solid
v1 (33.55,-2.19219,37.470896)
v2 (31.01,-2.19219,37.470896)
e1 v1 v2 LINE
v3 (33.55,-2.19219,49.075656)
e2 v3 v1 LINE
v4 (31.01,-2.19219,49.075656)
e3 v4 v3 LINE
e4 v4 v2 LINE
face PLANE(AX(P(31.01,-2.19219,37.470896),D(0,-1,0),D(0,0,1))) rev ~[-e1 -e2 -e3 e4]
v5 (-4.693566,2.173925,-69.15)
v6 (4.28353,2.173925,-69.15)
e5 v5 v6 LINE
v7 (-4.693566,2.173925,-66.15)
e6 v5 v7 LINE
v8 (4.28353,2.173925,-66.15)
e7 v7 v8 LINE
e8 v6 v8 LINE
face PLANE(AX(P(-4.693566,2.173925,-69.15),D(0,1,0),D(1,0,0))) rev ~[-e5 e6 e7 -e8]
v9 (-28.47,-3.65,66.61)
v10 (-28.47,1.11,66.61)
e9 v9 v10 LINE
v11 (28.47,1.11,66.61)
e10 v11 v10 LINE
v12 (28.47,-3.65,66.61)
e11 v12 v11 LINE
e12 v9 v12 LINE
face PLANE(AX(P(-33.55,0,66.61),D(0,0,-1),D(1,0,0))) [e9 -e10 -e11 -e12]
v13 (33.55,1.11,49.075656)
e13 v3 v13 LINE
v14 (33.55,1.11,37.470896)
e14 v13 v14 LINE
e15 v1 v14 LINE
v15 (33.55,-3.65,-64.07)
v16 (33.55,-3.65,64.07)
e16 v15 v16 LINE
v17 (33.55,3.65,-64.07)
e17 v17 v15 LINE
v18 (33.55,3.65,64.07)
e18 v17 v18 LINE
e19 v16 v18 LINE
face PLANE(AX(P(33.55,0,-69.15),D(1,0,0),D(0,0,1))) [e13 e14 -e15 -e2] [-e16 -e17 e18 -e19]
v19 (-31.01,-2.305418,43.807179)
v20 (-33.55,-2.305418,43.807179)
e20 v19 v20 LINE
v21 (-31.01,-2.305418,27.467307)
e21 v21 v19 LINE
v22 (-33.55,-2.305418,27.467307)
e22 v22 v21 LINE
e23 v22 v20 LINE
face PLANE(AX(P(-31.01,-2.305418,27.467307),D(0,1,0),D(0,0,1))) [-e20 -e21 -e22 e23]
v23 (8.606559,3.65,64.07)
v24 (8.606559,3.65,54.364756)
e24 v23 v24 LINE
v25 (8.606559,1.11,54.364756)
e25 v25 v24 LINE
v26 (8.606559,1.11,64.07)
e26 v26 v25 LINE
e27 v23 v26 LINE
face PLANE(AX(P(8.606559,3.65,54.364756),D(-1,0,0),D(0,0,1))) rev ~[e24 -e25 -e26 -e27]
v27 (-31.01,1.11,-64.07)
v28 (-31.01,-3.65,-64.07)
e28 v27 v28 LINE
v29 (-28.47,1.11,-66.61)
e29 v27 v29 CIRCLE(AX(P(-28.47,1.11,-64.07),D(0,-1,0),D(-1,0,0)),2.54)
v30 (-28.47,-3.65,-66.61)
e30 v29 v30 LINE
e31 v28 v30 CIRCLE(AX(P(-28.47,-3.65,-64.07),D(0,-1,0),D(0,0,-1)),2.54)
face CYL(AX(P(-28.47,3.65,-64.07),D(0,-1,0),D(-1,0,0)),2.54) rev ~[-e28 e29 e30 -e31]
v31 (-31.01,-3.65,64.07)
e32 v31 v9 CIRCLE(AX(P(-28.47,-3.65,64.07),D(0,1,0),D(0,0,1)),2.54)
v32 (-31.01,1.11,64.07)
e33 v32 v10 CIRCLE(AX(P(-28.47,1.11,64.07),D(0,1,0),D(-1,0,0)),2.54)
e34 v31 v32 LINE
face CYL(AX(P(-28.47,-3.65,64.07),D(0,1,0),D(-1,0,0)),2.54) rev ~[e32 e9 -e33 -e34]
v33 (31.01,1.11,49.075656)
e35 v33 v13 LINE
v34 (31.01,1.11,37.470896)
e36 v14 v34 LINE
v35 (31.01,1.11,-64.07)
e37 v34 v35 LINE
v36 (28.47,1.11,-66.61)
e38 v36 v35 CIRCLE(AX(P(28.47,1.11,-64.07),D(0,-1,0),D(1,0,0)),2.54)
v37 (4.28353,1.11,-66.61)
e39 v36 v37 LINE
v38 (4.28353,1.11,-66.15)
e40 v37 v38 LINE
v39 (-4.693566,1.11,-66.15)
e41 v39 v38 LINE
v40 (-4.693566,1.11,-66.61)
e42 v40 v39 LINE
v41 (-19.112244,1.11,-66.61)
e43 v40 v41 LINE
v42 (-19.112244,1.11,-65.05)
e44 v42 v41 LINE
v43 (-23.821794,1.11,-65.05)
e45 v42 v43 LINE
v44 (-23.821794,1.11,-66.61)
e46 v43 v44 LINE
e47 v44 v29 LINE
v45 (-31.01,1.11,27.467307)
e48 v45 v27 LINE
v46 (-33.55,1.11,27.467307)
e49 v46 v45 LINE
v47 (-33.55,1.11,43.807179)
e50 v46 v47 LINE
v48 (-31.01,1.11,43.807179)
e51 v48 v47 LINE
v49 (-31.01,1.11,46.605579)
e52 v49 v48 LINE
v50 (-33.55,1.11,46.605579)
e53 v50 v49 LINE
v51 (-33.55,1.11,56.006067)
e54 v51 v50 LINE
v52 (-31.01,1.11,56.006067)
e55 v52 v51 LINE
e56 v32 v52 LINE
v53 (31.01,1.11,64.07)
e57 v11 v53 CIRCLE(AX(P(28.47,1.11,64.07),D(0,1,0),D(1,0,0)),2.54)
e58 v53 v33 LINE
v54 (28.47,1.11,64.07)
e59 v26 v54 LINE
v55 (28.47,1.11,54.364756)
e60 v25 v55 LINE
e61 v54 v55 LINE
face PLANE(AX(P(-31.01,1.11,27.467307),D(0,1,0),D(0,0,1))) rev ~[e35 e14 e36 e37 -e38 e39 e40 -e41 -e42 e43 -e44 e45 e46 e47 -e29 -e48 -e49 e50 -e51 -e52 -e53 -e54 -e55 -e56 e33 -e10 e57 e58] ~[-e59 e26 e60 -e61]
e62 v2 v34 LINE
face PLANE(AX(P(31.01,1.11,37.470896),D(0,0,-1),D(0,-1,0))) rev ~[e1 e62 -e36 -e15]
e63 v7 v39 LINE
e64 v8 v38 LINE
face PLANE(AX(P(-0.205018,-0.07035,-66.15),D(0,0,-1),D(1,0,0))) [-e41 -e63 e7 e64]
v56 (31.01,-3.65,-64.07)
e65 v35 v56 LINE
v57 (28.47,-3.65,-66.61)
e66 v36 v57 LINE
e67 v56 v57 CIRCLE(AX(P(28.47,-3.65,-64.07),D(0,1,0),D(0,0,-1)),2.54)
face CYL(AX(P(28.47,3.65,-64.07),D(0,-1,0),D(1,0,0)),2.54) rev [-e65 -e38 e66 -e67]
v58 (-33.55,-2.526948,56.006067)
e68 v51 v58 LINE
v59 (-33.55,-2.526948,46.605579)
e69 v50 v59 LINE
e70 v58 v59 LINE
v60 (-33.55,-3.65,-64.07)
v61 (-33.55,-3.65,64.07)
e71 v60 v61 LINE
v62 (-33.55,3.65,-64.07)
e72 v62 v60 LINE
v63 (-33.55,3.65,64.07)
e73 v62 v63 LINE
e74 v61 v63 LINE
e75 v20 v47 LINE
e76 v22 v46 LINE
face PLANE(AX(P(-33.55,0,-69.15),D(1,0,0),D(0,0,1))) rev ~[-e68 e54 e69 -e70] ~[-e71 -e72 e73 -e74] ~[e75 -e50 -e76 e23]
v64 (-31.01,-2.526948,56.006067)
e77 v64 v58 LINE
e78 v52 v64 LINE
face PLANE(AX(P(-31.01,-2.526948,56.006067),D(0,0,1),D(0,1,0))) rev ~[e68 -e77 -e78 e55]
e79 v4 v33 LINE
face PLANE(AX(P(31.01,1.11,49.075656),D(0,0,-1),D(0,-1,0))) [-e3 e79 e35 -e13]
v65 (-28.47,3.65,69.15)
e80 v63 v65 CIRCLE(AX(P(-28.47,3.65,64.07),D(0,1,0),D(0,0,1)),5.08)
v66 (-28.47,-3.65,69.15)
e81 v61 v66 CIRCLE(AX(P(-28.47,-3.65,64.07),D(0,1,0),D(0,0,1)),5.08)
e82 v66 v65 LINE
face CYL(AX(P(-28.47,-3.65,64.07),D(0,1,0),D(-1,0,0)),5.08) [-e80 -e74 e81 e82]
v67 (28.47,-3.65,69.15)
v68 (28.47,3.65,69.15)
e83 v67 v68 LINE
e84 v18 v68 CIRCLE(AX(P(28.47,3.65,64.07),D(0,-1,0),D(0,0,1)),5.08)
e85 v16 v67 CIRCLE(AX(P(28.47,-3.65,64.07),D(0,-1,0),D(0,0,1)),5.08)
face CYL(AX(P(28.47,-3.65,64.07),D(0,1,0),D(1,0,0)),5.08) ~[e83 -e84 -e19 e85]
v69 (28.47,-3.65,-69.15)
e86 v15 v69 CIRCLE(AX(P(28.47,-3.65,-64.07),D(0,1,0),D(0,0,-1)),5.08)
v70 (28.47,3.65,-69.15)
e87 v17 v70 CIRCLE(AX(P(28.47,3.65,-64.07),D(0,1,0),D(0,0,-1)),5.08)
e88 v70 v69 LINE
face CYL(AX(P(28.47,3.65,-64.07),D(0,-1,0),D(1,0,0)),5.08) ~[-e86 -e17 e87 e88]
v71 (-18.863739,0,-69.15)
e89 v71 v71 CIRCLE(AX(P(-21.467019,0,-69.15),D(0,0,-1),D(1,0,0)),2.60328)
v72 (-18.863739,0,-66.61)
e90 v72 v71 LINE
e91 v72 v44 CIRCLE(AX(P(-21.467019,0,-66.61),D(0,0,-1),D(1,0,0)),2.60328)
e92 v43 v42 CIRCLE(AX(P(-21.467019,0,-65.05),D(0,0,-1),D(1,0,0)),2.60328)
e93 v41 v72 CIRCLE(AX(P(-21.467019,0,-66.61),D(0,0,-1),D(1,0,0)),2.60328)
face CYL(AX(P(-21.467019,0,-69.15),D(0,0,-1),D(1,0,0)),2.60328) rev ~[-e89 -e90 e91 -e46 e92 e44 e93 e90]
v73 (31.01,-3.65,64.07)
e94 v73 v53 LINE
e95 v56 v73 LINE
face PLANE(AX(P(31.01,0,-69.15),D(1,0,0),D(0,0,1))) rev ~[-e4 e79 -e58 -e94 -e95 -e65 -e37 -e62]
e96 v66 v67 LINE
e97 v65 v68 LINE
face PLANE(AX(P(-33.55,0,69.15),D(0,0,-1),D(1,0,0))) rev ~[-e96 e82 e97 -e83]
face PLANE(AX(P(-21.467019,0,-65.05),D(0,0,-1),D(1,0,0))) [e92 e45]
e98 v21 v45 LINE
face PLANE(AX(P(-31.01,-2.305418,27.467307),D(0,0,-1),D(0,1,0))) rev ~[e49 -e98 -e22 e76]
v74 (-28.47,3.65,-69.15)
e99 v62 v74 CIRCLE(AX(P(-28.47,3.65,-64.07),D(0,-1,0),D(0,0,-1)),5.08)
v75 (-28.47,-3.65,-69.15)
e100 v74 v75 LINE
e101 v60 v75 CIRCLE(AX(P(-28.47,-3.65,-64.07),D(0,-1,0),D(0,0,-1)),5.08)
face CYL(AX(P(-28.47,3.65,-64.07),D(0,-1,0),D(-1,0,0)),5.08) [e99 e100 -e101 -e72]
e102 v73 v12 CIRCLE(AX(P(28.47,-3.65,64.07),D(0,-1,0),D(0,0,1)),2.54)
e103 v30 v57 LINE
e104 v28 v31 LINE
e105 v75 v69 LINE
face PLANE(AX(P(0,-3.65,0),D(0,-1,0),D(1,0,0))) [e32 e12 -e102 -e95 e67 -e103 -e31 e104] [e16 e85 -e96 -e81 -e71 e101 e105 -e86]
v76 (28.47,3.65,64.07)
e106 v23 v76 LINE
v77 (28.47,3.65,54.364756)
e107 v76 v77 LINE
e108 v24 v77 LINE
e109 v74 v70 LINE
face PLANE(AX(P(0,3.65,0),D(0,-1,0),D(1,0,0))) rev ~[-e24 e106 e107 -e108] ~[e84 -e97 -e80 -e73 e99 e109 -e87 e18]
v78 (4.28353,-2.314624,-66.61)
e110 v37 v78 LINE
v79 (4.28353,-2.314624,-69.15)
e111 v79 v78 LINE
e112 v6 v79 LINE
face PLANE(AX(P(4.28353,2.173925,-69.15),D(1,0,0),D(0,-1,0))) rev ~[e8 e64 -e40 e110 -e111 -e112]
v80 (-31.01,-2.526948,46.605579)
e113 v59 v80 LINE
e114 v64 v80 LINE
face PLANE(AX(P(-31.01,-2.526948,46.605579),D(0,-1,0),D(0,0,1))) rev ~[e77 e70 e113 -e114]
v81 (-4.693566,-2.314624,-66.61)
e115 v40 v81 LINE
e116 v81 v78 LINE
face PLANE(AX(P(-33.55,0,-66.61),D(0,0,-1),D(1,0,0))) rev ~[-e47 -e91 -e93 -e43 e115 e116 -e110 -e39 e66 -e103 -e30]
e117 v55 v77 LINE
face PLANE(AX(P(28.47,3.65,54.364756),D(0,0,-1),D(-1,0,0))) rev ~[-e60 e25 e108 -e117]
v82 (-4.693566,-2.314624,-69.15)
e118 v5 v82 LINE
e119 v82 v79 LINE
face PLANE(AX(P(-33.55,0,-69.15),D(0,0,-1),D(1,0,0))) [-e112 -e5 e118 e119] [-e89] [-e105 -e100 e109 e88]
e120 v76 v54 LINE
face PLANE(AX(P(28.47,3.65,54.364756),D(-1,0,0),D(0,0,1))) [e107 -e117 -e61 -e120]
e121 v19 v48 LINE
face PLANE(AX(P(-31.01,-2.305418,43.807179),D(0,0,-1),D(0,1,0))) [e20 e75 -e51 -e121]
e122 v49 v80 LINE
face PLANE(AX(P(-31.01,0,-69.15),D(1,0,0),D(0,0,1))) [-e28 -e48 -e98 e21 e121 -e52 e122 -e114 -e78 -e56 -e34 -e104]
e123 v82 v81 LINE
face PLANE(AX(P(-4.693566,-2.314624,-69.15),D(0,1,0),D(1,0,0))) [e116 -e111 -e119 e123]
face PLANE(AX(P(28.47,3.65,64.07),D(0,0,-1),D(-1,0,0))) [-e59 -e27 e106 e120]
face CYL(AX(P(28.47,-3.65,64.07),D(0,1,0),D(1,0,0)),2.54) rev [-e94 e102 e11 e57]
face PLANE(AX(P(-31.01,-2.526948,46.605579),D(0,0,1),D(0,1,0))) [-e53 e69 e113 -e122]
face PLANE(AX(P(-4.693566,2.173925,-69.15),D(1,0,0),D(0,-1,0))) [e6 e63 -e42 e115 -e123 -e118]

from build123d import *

# Parameters (mm, degrees)
F0_W      = 67.1
F0_H      = 138.3
F1_DEPTH  = 3.65
F2_R      = 5.08
F3_T      = -2.54
F4_W      = 19.863441
F4_H      = 9.705244
F5_DEPTH  = 12.5
F6_W      = 8.977096
F6_H      = 4.488549
F7_DEPTH  = 3
F8_W      = 3.636948
F8_H      = 9.400487
F8_W_2    = 3.415418
F8_H_2    = 16.339872
F9_DEPTH  = 8.3
F10_W     = 3.30219
F10_H     = 11.60476
F11_DEPTH = 4.7
F13_R     = 2.60328
F14_DEPTH = 4.1


with BuildPart() as f1:
    # F0 (on Front) → F1 (new body, symmetric)
    with BuildSketch(Plane.XZ):
        Rectangle(F0_W, F0_H)
    extrude(amount=F1_DEPTH, both=True)

    # F2
    f2_edges = [f1.edges().sort_by_distance(p)[0] for p in [
        (-33.55, 0, 69.15),
        (33.55, 0, 69.15),
        (33.55, 0, -69.15),
        (-33.55, 0, -69.15),
    ]]
    fillet(f2_edges, radius=F2_R)

    # F3
    f3_openings = [f1.faces().sort_by_distance(p)[0] for p in [
        (0, -3.65, 0),
    ]]
    offset(amount=F3_T, openings=f3_openings)

    # F4 (on face) → F5 (cut, symmetric)
    with BuildSketch(Plane(origin=(0, 3.65, 0), x_dir=(-1, 0, 0), z_dir=(0, 1, 0))):
        with Locations((-18.538279, 59.217378)):
            Rectangle(F4_W, F4_H)
    extrude(amount=F5_DEPTH, both=True, mode=Mode.SUBTRACT)

    # F6 (on face) → F7 (cut)
    with BuildSketch(Plane(origin=(0, 0, -69.15), x_dir=(1, 0, 0), z_dir=(0, 0, -1))):
        with Locations((-0.205018, 0.07035)):
            Rectangle(F6_W, F6_H)
    extrude(amount=-F7_DEPTH, mode=Mode.SUBTRACT)

    # F8 (on face) → F9 (cut, symmetric)
    with BuildSketch(Plane.YZ.offset(-31.01)):
        with Locations((-0.708474, 51.305823)):
            Rectangle(F8_W, F8_H)
        with Locations((-0.597709, 35.637243)):
            Rectangle(F8_W_2, F8_H_2)
    extrude(amount=F9_DEPTH, both=True, mode=Mode.SUBTRACT)

    # F10 (on face) → F11 (cut, symmetric)
    with BuildSketch(Plane(origin=(31.01, 0, 0), x_dir=(0, -1, 0), z_dir=(-1, 0, 0))):
        with Locations((0.541095, 43.273276)):
            Rectangle(F10_W, F10_H)
    extrude(amount=F11_DEPTH, both=True, mode=Mode.SUBTRACT)

    # F13 (on face) → F14 (cut, symmetric)
    with BuildSketch(Plane(origin=(0, 0, -69.15), x_dir=(1, 0, 0), z_dir=(0, 0, -1))):
        with Locations((-21.467019, 0)):
            Circle(F13_R)
    extrude(amount=F14_DEPTH, both=True, mode=Mode.SUBTRACT)


solid = f1.part
